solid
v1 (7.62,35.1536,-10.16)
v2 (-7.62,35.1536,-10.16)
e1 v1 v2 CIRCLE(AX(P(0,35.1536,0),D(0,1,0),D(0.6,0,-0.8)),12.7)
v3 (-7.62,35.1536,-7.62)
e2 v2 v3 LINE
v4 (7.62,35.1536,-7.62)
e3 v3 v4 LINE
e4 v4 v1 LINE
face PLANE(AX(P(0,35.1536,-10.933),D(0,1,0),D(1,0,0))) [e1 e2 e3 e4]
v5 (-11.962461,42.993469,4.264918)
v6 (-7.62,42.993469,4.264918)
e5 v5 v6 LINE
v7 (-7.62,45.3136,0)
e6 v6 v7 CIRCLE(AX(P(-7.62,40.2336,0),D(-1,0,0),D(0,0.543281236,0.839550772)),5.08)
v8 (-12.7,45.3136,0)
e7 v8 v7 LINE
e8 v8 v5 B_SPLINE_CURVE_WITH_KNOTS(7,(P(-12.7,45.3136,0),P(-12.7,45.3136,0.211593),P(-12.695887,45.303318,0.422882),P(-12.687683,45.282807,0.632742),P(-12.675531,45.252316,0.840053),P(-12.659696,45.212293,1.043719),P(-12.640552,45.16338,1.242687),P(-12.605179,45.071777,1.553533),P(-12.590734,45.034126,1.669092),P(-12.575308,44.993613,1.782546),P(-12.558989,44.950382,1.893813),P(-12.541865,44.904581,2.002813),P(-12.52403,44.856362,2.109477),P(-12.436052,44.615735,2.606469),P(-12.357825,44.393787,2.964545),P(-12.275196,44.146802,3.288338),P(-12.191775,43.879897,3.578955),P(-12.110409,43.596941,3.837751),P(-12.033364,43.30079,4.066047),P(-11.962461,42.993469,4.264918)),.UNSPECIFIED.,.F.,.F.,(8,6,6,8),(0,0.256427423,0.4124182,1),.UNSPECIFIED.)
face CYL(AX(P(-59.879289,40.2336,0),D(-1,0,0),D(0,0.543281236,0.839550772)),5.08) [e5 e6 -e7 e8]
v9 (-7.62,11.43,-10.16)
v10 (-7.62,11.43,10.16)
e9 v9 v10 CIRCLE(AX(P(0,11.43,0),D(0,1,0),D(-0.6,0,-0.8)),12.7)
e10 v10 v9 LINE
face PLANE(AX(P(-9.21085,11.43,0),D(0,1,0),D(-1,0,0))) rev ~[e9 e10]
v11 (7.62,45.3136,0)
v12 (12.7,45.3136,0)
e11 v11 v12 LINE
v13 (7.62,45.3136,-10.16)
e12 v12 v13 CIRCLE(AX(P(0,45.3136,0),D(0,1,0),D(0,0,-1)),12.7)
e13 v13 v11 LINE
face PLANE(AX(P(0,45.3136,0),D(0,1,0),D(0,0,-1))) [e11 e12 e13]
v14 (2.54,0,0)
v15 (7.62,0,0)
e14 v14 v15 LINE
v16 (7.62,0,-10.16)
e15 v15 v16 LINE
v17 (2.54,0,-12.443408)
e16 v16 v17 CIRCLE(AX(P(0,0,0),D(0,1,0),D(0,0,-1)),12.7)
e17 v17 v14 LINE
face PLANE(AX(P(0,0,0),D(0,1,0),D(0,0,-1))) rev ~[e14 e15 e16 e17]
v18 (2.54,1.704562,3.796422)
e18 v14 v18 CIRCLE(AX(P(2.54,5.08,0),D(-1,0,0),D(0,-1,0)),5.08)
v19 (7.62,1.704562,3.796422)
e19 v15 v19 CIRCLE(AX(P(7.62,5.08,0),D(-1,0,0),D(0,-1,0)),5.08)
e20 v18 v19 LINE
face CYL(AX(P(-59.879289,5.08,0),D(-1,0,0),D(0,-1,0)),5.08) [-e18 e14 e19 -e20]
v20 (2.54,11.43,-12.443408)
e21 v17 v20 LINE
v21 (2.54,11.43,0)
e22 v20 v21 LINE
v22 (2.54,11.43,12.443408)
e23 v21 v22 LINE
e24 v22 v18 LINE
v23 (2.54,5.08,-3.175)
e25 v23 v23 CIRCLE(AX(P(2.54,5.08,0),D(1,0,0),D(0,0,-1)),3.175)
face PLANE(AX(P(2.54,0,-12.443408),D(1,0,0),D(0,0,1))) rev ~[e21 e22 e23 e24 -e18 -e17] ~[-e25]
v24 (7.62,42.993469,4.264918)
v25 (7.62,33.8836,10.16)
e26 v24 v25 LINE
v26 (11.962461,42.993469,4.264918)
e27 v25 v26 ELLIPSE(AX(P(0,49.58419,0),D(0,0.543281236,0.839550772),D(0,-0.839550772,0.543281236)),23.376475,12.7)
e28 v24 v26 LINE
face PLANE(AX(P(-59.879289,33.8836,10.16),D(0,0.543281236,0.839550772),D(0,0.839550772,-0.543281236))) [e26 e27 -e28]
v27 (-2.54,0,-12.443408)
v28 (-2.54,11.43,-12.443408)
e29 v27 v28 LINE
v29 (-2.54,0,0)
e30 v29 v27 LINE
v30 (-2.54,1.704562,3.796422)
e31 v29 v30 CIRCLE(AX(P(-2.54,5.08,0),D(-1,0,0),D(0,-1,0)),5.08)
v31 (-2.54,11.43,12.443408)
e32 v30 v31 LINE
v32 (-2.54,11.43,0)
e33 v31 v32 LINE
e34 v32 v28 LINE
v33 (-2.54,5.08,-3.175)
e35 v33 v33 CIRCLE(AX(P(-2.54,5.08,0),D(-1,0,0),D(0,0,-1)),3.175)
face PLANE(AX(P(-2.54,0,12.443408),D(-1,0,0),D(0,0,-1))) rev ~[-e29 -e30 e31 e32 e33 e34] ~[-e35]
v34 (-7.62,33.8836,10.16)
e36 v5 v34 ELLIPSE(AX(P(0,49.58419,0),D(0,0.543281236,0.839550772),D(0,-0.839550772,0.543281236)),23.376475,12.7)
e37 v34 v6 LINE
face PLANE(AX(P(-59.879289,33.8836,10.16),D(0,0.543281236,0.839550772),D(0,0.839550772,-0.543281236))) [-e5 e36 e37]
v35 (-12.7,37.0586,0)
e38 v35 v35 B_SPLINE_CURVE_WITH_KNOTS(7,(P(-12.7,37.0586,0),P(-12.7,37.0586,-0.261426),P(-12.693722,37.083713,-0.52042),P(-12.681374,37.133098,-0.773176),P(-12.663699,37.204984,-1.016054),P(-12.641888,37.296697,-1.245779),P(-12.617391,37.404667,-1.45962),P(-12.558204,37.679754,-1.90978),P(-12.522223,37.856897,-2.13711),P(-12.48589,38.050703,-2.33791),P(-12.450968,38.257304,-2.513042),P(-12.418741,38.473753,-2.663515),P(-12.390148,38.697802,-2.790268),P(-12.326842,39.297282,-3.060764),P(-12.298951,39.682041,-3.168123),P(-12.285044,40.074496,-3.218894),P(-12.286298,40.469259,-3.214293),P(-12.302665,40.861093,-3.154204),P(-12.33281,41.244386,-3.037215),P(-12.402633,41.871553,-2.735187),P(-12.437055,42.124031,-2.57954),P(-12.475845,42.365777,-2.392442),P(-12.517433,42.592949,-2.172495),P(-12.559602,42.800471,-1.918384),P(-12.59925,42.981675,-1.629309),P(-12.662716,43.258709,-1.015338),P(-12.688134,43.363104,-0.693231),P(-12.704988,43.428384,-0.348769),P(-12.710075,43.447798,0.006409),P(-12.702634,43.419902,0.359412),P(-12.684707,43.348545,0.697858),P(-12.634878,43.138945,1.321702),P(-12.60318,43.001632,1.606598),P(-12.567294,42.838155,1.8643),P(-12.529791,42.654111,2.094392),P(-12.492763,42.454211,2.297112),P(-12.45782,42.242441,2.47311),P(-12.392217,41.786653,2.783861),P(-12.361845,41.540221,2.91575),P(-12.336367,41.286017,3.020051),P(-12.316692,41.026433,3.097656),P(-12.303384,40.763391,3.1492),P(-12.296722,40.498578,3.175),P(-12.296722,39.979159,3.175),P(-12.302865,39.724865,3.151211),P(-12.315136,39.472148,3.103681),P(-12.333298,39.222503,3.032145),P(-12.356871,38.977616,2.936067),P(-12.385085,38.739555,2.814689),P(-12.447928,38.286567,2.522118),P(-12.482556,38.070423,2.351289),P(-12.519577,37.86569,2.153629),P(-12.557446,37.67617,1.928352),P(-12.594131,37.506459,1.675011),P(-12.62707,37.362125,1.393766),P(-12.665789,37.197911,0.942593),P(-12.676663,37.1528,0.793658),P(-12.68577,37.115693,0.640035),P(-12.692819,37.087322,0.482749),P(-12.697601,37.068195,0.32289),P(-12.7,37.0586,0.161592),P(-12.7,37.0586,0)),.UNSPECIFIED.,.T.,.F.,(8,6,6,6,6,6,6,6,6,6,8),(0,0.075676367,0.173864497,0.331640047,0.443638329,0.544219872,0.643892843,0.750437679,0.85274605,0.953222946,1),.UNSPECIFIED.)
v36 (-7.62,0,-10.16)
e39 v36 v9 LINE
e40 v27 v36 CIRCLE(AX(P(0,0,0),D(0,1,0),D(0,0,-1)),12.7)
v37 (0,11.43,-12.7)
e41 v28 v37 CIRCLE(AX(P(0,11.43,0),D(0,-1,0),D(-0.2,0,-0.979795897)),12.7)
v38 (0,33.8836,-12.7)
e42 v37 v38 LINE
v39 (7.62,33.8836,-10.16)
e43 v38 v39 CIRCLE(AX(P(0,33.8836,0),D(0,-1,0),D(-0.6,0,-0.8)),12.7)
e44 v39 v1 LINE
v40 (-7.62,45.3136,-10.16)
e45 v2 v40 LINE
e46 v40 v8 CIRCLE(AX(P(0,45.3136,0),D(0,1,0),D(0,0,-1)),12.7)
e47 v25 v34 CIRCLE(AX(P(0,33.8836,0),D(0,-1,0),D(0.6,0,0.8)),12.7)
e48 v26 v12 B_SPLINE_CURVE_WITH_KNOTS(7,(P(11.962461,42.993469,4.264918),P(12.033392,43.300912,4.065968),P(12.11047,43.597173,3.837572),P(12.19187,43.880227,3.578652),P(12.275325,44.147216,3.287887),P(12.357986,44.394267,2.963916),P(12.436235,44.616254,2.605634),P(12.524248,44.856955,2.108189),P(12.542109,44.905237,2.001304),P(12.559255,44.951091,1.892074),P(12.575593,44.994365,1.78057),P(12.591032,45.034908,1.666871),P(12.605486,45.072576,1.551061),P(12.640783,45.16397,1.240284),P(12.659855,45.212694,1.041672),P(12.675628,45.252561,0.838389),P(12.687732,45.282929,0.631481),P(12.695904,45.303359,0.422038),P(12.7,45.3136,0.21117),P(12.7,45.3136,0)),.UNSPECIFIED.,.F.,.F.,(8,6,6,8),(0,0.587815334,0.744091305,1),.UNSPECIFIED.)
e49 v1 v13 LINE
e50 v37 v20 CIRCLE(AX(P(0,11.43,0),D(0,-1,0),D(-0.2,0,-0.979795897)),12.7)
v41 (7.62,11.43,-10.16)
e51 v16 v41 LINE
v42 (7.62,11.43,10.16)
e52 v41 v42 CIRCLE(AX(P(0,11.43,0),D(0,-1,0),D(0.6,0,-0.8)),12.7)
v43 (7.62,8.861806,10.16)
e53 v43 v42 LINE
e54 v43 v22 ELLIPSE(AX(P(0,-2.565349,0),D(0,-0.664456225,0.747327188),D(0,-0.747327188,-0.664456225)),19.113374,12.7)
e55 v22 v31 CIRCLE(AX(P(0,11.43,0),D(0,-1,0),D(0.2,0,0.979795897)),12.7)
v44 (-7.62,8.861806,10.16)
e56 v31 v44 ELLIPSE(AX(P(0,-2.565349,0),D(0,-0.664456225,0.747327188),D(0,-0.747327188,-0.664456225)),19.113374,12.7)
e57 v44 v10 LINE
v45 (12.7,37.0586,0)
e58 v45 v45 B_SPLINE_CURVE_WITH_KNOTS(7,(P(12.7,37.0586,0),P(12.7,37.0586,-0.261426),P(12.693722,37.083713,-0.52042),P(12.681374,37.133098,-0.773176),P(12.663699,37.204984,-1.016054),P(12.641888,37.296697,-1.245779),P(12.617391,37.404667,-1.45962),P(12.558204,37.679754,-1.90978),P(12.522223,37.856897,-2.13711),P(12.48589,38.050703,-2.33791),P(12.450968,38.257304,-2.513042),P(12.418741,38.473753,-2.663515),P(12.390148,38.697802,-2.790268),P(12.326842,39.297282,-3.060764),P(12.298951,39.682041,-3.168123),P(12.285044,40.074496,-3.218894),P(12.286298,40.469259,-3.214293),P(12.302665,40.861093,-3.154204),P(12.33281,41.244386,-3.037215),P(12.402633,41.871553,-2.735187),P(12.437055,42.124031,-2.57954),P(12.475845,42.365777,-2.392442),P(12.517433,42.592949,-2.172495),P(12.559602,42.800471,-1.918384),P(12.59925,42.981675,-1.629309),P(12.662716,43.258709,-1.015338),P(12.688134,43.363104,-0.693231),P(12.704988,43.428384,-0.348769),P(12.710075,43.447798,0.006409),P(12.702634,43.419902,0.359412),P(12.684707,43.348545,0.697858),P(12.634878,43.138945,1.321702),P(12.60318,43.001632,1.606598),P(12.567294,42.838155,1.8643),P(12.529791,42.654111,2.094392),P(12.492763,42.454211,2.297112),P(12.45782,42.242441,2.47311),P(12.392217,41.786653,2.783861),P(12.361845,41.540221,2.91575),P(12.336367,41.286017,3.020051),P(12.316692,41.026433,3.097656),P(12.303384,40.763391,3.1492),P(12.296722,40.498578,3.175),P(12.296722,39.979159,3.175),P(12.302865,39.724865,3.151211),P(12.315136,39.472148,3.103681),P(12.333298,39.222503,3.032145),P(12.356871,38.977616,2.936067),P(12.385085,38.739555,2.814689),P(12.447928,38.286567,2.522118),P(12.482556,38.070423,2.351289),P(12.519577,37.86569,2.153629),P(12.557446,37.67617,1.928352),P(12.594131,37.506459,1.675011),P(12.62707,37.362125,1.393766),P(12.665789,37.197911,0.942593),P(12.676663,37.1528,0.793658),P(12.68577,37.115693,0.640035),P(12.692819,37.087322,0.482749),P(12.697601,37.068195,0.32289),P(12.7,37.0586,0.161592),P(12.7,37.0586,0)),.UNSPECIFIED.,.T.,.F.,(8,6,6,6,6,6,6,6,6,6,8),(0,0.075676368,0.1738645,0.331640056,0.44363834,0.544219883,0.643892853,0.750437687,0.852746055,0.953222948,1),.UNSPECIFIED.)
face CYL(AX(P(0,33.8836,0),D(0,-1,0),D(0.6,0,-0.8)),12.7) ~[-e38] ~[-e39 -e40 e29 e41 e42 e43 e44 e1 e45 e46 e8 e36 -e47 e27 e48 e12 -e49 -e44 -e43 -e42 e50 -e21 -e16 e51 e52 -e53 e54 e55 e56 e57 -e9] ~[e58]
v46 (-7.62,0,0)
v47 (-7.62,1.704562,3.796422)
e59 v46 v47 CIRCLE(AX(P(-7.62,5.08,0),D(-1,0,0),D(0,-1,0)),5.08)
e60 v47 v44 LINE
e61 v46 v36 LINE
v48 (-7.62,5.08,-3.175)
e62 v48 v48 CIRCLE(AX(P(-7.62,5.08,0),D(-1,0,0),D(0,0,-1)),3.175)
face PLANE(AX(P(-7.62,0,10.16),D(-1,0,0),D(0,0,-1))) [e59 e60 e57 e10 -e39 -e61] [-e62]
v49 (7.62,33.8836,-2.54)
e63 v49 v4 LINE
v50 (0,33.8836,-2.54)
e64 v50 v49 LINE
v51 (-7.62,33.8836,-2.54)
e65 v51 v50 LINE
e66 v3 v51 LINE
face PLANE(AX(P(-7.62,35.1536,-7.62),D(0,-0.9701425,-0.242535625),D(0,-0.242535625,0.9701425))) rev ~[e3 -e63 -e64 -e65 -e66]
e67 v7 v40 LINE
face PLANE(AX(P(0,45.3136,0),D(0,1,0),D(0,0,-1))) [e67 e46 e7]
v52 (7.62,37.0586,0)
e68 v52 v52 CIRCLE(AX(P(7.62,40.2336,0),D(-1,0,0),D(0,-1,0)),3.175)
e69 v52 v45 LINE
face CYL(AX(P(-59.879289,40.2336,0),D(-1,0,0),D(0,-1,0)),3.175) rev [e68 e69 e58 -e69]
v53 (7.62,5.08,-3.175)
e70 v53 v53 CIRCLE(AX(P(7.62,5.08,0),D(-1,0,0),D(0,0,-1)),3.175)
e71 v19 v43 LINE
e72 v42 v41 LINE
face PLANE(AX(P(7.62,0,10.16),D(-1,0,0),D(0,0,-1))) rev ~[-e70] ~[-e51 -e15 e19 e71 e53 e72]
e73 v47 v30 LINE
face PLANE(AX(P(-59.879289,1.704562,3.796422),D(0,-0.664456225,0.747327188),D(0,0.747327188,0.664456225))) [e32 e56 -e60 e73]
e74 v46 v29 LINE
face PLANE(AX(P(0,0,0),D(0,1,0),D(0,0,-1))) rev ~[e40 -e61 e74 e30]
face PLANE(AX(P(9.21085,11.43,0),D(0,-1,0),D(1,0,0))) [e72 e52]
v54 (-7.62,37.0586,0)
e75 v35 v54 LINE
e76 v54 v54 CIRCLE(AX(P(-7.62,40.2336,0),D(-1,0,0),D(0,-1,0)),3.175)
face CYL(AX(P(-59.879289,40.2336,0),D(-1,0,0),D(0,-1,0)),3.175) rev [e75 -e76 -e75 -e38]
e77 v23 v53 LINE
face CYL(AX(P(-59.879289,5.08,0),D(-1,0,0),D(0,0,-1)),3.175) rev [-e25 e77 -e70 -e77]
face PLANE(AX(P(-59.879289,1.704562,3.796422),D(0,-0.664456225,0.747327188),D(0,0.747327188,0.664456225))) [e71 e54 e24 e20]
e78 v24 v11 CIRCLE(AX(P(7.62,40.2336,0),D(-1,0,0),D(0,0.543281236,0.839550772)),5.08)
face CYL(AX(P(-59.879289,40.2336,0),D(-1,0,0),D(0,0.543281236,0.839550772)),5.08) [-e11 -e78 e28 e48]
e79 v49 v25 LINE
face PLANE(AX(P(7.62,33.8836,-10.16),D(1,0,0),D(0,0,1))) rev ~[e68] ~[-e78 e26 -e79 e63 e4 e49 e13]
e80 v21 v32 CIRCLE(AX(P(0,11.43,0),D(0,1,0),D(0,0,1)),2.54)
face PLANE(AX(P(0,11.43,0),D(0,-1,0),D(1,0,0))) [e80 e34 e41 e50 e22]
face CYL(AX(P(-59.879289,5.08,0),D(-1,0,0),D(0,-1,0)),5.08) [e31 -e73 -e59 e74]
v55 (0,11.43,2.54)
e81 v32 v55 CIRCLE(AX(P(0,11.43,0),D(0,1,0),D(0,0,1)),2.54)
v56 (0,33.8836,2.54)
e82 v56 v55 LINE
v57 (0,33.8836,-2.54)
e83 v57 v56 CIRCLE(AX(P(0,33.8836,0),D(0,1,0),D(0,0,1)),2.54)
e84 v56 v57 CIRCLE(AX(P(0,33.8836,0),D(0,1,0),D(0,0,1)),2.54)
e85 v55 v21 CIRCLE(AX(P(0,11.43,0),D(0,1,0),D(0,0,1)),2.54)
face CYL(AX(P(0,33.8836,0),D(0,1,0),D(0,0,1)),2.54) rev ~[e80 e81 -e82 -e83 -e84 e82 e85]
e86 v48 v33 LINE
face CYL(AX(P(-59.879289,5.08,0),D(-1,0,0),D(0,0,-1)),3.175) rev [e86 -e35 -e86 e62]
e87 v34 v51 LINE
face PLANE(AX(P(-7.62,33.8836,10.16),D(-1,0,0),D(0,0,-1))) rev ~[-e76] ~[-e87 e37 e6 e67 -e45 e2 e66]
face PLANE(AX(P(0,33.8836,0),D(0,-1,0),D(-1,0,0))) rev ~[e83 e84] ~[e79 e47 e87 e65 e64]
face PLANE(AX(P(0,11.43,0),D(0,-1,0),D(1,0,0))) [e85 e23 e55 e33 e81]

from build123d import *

# Parameters (mm, degrees)
SKETCH1_R               = 12.7
BOSS_EXTRUDE1_DEPTH     = 45.3136
CUT_EXTRUDE1_START      = -11.43
CUT_EXTRUDE1_DEPTH      = 11.43
CUT_EXTRUDE2_DEPTH      = 11.43
CUT_EXTRUDE3_DEPTH      = 52.259289353
CUT_EXTRUDE3_DEPTH_BACK = 52.259289353
SKETCH4_R               = 3.175
SKETCH5_R               = 2.54
CUT_EXTRUDE4_DEPTH      = 39.349424517
BOSS_EXTRUDE2_REACH     = 53.259
BOSS_EXTRUDE3_DEPTH     = 1.27


with BuildPart() as part:
    # Sketch1 → Boss-Extrude1 (new body)
    with BuildSketch(Plane(origin=(0, 0, 0), x_dir=(1, 0, 0), z_dir=(0, 1, 0))):
        with Locations(Location((0, 0, 0), (0, 0, 90))):
            Circle(SKETCH1_R)
    extrude(amount=BOSS_EXTRUDE1_DEPTH)

    # Sketch2 → Cut-Extrude1 (cut)
    with BuildSketch(Plane(origin=(0, 45.3136, 0), x_dir=(1, 0, 0), z_dir=(0, 1, 0)).offset(CUT_EXTRUDE1_START)):
        with BuildLine():
            Line((7.62, 10.16), (7.62, -10.16))
            ThreePointArc((7.62, -10.16), (0, -12.7), (-7.62, -10.16))
            Line((-7.62, -10.16), (-7.62, 10.16))
            ThreePointArc((-7.62, 10.16), (0, 12.7), (7.62, 10.16))
        make_face()
    extrude(amount=CUT_EXTRUDE1_DEPTH, mode=Mode.SUBTRACT)

    # Sketch3 → Cut-Extrude2 (cut)
    with BuildSketch(Plane.XZ):
        with BuildLine():
            Line((-2.54, 12.443407893), (-2.54, -12.443407893))
            ThreePointArc((-2.54, -12.443407893), (0, -12.7), (2.54, -12.443407893))
            Line((2.54, -12.443407893), (2.54, 12.443407893))
            ThreePointArc((2.54, 12.443407893), (0, 12.7), (-2.54, 12.443407893))
        make_face()
        with BuildLine():
            Line((-7.62, 10.16), (-7.62, -10.16))
            ThreePointArc((-7.62, -10.16), (-12.7, 0), (-7.62, 10.16))
        make_face()
        with BuildLine():
            Line((7.62, 10.16), (7.62, -10.16))
            ThreePointArc((7.62, -10.16), (12.7, 0), (7.62, 10.16))
        make_face()
    extrude(amount=-CUT_EXTRUDE2_DEPTH, mode=Mode.SUBTRACT)

    # Sketch4 → Cut-Extrude3 (cut, two sides: drawn at the far end of the back side and taken through both)
    with BuildSketch(Plane(origin=(-7.62, 0, 0), x_dir=(0, 0, -1), z_dir=(1, 0, 0)).offset(-CUT_EXTRUDE3_DEPTH_BACK)):
        with Locations(Location((0, 40.2336, 0), (0, 0, 270))):
            Circle(SKETCH4_R)
        with Locations((0, 5.08)):
            Circle(SKETCH4_R)
        with BuildLine():
            Line((0, 45.3136), (-10.16, 45.3136))
            Line((-10.16, 45.3136), (-10.16, 33.8836))
            Line((-10.16, 33.8836), (-4.264917923, 42.993468677))
            ThreePointArc((-4.264917923, 42.993468677), (-2.427577715, 44.696028312), (0, 45.3136))
        make_face()
        with BuildLine():
            Line((-3.796422114, 1.704562379), (-12.443407893, 11.43))
            Line((-12.443407893, 11.43), (-12.443407893, 0))
            Line((-12.443407893, 0), (0, 0))
            ThreePointArc((0, 0), (-2.080766311, 0.445691901), (-3.796422114, 1.704562379))
        make_face()
    extrude(amount=CUT_EXTRUDE3_DEPTH + CUT_EXTRUDE3_DEPTH_BACK, mode=Mode.SUBTRACT)

    # Sketch5 → Cut-Extrude4 (cut, through all)
    with BuildSketch(Plane(origin=(0, 33.8836, 0), x_dir=(1, 0, 0), z_dir=(0, 1, 0))):
        with Locations(Location((0, 0, 0), (0, 0, 270))):
            Circle(SKETCH5_R)
    extrude(amount=-CUT_EXTRUDE4_DEPTH, mode=Mode.SUBTRACT)

    # Boss-Extrude2: up to this face of the body (flat: up to its plane)
    boss_extrude2_end = Plane(part.part.faces().sort_by_distance((7.62, 34.116741009, 0))[0])
    # Sketch6 → Boss-Extrude2 (add, up to the picked face)
    with BuildSketch(Plane(origin=(-7.62, 0, 0), x_dir=(0, 0, -1), z_dir=(1, 0, 0)), mode=Mode.PRIVATE) as boss_extrude2_sk1:
        Polygon((2.54, 33.8836), (10.16, 33.8836), (10.16, 35.1536), (7.62, 35.1536), align=None)
    boss_extrude2_tool1 = split(extrude(boss_extrude2_sk1.sketch, amount=BOSS_EXTRUDE2_REACH, mode=Mode.PRIVATE), bisect_by=boss_extrude2_end, keep=Keep.BOTH, mode=Mode.PRIVATE)
    add(boss_extrude2_tool1.solids().sort_by(Axis((-7.62, 34.412767, -7.408333), (1, 0, 0)))[0])

    # Sketch7 → Boss-Extrude3 (add)
    with BuildSketch(Plane(origin=(0, 33.8836, 0), x_dir=(1, 0, 0), z_dir=(0, 1, 0))):
        with BuildLine():
            Line((-7.62, 10.16), (7.62, 10.16))
            ThreePointArc((7.62, 10.16), (0, 12.7), (-7.62, 10.16))
        make_face()
    extrude(amount=BOSS_EXTRUDE3_DEPTH)


solid = part.part
